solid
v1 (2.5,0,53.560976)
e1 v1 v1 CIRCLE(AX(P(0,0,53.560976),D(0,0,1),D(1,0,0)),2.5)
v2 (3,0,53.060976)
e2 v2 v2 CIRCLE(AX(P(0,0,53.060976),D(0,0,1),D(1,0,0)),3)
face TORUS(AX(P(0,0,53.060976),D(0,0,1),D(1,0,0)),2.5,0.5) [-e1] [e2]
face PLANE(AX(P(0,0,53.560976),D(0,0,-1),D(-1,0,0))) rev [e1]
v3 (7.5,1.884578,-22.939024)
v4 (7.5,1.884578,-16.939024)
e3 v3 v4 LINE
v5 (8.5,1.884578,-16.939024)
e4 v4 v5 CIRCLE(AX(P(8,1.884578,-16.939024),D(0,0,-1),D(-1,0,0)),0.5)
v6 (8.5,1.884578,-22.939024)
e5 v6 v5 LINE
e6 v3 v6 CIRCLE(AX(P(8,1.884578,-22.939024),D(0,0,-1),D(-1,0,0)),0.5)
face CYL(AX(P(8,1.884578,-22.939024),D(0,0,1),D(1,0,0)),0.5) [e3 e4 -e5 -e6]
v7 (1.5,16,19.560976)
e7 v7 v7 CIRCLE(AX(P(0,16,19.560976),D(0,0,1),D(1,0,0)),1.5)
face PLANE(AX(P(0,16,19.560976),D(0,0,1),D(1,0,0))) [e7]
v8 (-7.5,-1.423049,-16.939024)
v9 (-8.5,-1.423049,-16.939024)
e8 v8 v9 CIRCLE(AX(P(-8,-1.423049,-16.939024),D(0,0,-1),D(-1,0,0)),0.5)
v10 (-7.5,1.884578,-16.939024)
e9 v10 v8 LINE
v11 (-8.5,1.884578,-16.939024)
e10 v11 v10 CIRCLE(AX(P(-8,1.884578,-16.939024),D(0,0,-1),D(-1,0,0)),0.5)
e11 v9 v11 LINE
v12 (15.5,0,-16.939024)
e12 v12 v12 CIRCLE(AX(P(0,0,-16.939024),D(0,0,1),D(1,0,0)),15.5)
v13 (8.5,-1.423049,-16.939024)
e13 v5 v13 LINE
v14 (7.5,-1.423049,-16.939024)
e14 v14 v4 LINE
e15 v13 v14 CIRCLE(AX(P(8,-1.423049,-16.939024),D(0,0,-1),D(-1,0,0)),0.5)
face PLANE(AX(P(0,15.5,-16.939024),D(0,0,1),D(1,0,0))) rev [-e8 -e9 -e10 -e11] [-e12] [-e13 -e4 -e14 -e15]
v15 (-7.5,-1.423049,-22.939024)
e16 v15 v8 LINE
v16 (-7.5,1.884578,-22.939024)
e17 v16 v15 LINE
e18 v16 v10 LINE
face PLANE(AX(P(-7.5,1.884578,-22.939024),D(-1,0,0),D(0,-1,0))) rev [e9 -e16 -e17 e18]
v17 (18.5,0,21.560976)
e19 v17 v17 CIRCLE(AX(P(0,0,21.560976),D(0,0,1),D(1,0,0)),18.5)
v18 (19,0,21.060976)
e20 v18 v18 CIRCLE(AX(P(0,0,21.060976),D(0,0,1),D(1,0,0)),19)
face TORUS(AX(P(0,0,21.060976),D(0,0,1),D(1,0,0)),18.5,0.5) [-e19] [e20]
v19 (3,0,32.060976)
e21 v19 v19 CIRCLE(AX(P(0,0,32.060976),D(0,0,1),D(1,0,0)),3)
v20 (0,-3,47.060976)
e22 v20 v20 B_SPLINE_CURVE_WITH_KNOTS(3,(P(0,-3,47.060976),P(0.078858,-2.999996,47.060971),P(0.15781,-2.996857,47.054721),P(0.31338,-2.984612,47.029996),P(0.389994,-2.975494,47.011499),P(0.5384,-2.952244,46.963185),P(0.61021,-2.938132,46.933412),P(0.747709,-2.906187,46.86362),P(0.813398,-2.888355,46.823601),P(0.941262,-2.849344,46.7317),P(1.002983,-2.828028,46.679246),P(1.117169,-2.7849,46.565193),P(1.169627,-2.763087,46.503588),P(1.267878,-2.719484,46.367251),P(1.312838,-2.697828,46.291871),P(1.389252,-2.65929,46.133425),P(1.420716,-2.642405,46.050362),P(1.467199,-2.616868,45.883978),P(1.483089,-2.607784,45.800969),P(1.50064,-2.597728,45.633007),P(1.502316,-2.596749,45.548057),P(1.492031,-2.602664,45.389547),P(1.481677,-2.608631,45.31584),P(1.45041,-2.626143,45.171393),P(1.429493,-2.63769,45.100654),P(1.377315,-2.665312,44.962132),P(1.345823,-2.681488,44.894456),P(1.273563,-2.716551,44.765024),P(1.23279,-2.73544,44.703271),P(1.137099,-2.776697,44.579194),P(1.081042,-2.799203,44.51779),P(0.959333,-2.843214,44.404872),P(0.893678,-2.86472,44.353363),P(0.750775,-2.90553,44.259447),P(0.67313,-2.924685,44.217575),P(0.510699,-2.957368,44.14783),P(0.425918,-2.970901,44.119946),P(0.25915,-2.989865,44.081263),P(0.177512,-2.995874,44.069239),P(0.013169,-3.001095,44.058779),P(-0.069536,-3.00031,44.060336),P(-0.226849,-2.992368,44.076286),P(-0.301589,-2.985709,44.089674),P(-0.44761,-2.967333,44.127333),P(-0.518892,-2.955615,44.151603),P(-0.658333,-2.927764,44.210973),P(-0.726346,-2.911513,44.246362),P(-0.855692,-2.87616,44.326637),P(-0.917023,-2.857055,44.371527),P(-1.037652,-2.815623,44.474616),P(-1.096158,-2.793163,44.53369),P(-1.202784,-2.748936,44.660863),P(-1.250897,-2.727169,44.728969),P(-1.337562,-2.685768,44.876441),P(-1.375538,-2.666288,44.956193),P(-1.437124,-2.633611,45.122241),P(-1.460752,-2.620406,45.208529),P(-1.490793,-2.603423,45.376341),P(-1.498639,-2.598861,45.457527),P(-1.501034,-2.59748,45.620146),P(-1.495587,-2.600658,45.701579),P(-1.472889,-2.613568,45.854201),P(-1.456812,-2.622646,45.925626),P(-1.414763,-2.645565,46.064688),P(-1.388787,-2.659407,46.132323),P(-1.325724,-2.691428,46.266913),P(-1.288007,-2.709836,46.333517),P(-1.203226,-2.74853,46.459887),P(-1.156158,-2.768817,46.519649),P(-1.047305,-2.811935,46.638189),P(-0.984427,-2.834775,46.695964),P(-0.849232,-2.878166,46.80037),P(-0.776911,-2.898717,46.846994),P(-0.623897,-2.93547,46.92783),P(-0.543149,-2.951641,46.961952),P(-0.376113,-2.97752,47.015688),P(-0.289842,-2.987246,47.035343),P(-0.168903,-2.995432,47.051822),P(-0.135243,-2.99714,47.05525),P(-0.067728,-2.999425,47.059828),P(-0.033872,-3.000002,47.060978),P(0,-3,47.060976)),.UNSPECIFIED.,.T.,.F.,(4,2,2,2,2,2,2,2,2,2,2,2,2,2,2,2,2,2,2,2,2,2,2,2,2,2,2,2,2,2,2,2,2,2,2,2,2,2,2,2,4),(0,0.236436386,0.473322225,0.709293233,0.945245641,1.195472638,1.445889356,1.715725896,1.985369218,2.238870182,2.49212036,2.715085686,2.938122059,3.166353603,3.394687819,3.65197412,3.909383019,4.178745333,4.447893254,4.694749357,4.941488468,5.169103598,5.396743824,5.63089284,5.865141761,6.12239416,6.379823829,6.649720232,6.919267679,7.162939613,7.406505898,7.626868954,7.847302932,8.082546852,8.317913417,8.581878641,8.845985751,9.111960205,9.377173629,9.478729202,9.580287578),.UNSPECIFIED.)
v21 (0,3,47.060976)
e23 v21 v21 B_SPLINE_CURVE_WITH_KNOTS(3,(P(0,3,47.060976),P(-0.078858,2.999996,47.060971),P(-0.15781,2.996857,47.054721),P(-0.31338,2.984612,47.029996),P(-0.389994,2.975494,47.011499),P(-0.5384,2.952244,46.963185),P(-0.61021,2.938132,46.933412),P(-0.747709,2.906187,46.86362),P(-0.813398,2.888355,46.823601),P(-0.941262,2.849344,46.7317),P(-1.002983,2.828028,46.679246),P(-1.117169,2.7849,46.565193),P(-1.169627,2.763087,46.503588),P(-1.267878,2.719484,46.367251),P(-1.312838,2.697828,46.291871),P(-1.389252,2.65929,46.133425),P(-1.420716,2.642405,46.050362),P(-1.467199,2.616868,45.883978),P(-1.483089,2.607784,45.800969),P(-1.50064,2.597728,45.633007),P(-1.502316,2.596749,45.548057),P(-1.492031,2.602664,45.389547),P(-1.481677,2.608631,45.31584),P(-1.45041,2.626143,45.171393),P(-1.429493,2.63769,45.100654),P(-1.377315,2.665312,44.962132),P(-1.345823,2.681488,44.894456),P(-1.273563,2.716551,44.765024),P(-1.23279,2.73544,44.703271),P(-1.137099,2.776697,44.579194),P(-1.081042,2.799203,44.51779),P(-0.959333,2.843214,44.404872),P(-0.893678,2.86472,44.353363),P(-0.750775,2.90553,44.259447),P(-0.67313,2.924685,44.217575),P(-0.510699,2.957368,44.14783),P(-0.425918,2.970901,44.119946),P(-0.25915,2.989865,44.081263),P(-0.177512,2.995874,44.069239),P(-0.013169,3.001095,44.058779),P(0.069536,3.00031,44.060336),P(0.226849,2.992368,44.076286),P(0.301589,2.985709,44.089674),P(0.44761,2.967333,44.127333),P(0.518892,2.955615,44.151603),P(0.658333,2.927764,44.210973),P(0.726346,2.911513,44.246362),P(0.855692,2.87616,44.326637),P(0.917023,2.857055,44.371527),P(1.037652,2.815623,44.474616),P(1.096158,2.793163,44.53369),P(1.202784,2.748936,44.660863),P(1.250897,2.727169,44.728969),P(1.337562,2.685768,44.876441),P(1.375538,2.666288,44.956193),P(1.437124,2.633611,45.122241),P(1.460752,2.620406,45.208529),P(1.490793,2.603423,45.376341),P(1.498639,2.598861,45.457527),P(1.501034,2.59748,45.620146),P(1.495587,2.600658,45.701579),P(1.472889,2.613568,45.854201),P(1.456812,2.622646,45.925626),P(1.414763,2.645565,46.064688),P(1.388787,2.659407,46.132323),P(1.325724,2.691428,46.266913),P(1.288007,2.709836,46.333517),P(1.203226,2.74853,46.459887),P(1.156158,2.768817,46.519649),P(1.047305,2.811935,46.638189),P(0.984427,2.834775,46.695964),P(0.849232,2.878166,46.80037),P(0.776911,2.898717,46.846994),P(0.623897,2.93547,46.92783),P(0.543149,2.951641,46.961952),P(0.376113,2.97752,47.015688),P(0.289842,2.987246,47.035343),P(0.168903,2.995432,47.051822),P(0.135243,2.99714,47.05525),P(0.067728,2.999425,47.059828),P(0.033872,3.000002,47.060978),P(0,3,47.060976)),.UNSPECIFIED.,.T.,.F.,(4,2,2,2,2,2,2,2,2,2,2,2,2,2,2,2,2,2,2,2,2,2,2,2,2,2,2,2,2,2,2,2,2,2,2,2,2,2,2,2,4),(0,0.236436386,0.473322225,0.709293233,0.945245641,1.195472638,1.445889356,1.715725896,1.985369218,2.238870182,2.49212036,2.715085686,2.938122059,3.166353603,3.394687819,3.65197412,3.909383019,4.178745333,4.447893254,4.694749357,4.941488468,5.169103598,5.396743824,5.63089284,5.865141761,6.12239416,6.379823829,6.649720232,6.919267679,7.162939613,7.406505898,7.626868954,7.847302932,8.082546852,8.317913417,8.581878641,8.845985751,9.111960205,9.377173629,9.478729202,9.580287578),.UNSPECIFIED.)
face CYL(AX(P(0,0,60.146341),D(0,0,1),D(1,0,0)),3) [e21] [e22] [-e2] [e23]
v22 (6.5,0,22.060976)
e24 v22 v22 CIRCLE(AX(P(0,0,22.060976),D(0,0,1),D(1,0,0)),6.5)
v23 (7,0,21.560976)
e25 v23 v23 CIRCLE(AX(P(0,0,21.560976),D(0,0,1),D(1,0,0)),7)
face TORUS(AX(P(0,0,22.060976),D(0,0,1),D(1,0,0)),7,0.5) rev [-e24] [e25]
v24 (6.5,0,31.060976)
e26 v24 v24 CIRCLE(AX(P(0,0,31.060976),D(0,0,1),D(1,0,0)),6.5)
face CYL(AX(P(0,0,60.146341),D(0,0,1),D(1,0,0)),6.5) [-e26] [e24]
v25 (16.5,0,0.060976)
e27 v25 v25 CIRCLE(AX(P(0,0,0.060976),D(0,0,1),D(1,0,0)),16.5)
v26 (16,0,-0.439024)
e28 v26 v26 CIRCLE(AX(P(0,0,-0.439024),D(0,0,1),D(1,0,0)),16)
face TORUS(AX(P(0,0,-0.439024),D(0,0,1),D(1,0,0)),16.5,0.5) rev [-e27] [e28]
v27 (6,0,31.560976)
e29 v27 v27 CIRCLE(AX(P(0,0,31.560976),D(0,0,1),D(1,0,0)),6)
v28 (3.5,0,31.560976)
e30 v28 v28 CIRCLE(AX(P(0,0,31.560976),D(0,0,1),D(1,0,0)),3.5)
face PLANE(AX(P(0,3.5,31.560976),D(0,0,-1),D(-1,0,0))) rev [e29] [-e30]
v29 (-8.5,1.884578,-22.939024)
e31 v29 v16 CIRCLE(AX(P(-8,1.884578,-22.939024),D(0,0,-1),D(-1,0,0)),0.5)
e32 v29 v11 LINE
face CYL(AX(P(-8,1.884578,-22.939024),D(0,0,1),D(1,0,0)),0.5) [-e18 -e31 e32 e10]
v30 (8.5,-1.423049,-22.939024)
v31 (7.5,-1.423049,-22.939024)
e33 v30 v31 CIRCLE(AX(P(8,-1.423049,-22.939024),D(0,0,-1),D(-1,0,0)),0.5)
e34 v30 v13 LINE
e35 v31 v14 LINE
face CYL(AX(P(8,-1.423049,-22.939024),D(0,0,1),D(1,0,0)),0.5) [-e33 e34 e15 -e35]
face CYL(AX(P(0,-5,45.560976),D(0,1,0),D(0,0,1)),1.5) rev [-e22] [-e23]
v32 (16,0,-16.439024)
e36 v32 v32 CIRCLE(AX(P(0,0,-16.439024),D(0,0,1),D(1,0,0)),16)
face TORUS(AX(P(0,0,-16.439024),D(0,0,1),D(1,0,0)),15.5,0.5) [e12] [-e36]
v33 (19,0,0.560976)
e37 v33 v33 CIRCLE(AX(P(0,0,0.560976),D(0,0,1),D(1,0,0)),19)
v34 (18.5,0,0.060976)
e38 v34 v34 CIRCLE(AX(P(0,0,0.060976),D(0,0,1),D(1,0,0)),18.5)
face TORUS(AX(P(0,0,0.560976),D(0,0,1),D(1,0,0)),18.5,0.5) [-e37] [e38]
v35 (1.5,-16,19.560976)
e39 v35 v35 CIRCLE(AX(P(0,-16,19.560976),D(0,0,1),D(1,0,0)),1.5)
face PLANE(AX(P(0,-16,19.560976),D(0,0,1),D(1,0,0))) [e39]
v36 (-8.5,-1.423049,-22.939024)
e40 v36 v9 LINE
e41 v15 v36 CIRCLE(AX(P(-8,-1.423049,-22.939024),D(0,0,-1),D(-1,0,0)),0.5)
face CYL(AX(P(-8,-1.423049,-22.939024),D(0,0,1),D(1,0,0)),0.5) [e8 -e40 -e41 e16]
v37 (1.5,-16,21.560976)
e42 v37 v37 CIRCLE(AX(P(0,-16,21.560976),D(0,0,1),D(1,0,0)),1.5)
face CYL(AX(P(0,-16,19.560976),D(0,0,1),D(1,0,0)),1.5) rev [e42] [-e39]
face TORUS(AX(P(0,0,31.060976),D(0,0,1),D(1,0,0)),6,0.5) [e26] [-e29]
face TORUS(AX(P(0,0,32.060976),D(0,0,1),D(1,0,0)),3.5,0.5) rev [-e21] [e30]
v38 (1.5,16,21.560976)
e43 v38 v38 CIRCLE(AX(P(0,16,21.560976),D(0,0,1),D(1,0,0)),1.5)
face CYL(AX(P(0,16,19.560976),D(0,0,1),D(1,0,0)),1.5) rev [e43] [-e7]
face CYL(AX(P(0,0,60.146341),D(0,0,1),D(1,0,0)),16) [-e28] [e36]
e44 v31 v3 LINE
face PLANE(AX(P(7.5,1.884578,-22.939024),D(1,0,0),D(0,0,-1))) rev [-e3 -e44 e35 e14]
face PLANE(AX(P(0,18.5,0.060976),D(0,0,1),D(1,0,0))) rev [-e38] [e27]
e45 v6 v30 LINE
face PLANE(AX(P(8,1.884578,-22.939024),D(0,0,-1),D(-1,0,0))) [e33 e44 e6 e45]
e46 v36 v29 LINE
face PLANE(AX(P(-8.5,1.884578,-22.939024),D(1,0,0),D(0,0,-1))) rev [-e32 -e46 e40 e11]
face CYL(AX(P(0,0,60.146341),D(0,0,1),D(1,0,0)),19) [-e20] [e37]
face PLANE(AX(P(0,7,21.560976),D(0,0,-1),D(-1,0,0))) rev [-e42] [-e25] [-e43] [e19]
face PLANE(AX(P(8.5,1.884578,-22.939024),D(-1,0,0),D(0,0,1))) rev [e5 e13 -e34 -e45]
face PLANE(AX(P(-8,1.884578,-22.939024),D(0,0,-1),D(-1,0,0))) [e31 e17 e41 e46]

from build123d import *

# Parameters (mm, degrees)
SKETCH3_R           = 1.5
CUT_EXTRUDE1_DEPTH  = 5
BOSS_EXTRUDE1_DEPTH = 6
SKETCH5_R           = 1.5
CUT_EXTRUDE2_DEPTH  = 2


with BuildPart() as part:
    # Sketch2 → Revolve1 (revolve)
    with BuildSketch(Plane(origin=(0, 0, 0), x_dir=(0, 0, -1), z_dir=(1, 0, 0)), mode=Mode.PRIVATE) as revolve1_sk:
        with BuildLine():
            Line((-53.56097561, 0), (-53.56097561, 2.5))
            ThreePointArc((-53.56097561, 2.5), (-53.414529, 2.853553391), (-53.06097561, 3))
            Line((-53.06097561, 3), (-32.06097561, 3))
            ThreePointArc((-32.06097561, 3), (-31.707422219, 3.146446609), (-31.56097561, 3.5))
            Line((-31.56097561, 3.5), (-31.56097561, 6))
            ThreePointArc((-31.56097561, 6), (-31.414529, 6.353553391), (-31.06097561, 6.5))
            Line((-31.06097561, 6.5), (-22.06097561, 6.5))
            ThreePointArc((-22.06097561, 6.5), (-21.707422219, 6.646446609), (-21.56097561, 7))
            Line((-21.56097561, 7), (-21.56097561, 18.5))
            ThreePointArc((-21.56097561, 18.5), (-21.414529, 18.853553391), (-21.06097561, 19))
            Line((-21.06097561, 19), (-0.56097561, 19))
            ThreePointArc((-0.56097561, 19), (-0.207422219, 18.853553391), (-0.06097561, 18.5))
            Line((-0.06097561, 18.5), (-0.06097561, 16.5))
            ThreePointArc((-0.06097561, 16.5), (0.085471, 16.146446609), (0.43902439, 16))
            Line((0.43902439, 16), (16.43902439, 16))
            ThreePointArc((16.43902439, 16), (16.792577781, 15.853553391), (16.93902439, 15.5))
            Line((16.93902439, 15.5), (16.93902439, 0))
            Line((16.93902439, 0), (-53.56097561, 0))
        make_face()
    revolve(revolve1_sk.sketch.rotate(Axis((0, 0, 60.146341463), (0, 0, -1)), 90), axis=Axis((0, 0, 60.146341463), (0, 0, -1)))

    # Sketch3 → Cut-Extrude1 (cut, symmetric)
    with BuildSketch(Plane(origin=(0, 0, 0), x_dir=(1, 0, 0), z_dir=(0, 1, 0))):
        with Locations(Location((0, -45.56097561, 0), (0, 0, 270))):
            Circle(SKETCH3_R)
    extrude(amount=CUT_EXTRUDE1_DEPTH, both=True, mode=Mode.SUBTRACT)

    # Sketch4 → Boss-Extrude1 (add)
    with BuildSketch(Plane(origin=(0, 0, -16.93902439), x_dir=(-1, 0, 0), z_dir=(0, 0, -1))):
        with BuildLine():
            Line((-7.5, 1.884578241), (-7.5, -1.423048876))
            ThreePointArc((-7.5, -1.423048876), (-8, -1.923048876), (-8.5, -1.423048876))
            Line((-8.5, -1.423048876), (-8.5, 1.884578241))
            ThreePointArc((-8.5, 1.884578241), (-8, 2.384578241), (-7.5, 1.884578241))
        make_face()
        with BuildLine():
            Line((8.5, 1.884578241), (8.5, -1.423048876))
            ThreePointArc((8.5, -1.423048876), (8, -1.923048876), (7.5, -1.423048876))
            Line((7.5, -1.423048876), (7.5, 1.884578241))
            ThreePointArc((7.5, 1.884578241), (8, 2.384578241), (8.5, 1.884578241))
        make_face()
    extrude(amount=BOSS_EXTRUDE1_DEPTH)

    # Sketch5 → Cut-Extrude2 (cut)
    with BuildSketch(Plane.XY.offset(21.56097561)):
        with Locations((0, 16)):
            Circle(SKETCH5_R)
        with Locations((0, -16)):
            Circle(SKETCH5_R)
    extrude(amount=-CUT_EXTRUDE2_DEPTH, mode=Mode.SUBTRACT)


solid = part.part
